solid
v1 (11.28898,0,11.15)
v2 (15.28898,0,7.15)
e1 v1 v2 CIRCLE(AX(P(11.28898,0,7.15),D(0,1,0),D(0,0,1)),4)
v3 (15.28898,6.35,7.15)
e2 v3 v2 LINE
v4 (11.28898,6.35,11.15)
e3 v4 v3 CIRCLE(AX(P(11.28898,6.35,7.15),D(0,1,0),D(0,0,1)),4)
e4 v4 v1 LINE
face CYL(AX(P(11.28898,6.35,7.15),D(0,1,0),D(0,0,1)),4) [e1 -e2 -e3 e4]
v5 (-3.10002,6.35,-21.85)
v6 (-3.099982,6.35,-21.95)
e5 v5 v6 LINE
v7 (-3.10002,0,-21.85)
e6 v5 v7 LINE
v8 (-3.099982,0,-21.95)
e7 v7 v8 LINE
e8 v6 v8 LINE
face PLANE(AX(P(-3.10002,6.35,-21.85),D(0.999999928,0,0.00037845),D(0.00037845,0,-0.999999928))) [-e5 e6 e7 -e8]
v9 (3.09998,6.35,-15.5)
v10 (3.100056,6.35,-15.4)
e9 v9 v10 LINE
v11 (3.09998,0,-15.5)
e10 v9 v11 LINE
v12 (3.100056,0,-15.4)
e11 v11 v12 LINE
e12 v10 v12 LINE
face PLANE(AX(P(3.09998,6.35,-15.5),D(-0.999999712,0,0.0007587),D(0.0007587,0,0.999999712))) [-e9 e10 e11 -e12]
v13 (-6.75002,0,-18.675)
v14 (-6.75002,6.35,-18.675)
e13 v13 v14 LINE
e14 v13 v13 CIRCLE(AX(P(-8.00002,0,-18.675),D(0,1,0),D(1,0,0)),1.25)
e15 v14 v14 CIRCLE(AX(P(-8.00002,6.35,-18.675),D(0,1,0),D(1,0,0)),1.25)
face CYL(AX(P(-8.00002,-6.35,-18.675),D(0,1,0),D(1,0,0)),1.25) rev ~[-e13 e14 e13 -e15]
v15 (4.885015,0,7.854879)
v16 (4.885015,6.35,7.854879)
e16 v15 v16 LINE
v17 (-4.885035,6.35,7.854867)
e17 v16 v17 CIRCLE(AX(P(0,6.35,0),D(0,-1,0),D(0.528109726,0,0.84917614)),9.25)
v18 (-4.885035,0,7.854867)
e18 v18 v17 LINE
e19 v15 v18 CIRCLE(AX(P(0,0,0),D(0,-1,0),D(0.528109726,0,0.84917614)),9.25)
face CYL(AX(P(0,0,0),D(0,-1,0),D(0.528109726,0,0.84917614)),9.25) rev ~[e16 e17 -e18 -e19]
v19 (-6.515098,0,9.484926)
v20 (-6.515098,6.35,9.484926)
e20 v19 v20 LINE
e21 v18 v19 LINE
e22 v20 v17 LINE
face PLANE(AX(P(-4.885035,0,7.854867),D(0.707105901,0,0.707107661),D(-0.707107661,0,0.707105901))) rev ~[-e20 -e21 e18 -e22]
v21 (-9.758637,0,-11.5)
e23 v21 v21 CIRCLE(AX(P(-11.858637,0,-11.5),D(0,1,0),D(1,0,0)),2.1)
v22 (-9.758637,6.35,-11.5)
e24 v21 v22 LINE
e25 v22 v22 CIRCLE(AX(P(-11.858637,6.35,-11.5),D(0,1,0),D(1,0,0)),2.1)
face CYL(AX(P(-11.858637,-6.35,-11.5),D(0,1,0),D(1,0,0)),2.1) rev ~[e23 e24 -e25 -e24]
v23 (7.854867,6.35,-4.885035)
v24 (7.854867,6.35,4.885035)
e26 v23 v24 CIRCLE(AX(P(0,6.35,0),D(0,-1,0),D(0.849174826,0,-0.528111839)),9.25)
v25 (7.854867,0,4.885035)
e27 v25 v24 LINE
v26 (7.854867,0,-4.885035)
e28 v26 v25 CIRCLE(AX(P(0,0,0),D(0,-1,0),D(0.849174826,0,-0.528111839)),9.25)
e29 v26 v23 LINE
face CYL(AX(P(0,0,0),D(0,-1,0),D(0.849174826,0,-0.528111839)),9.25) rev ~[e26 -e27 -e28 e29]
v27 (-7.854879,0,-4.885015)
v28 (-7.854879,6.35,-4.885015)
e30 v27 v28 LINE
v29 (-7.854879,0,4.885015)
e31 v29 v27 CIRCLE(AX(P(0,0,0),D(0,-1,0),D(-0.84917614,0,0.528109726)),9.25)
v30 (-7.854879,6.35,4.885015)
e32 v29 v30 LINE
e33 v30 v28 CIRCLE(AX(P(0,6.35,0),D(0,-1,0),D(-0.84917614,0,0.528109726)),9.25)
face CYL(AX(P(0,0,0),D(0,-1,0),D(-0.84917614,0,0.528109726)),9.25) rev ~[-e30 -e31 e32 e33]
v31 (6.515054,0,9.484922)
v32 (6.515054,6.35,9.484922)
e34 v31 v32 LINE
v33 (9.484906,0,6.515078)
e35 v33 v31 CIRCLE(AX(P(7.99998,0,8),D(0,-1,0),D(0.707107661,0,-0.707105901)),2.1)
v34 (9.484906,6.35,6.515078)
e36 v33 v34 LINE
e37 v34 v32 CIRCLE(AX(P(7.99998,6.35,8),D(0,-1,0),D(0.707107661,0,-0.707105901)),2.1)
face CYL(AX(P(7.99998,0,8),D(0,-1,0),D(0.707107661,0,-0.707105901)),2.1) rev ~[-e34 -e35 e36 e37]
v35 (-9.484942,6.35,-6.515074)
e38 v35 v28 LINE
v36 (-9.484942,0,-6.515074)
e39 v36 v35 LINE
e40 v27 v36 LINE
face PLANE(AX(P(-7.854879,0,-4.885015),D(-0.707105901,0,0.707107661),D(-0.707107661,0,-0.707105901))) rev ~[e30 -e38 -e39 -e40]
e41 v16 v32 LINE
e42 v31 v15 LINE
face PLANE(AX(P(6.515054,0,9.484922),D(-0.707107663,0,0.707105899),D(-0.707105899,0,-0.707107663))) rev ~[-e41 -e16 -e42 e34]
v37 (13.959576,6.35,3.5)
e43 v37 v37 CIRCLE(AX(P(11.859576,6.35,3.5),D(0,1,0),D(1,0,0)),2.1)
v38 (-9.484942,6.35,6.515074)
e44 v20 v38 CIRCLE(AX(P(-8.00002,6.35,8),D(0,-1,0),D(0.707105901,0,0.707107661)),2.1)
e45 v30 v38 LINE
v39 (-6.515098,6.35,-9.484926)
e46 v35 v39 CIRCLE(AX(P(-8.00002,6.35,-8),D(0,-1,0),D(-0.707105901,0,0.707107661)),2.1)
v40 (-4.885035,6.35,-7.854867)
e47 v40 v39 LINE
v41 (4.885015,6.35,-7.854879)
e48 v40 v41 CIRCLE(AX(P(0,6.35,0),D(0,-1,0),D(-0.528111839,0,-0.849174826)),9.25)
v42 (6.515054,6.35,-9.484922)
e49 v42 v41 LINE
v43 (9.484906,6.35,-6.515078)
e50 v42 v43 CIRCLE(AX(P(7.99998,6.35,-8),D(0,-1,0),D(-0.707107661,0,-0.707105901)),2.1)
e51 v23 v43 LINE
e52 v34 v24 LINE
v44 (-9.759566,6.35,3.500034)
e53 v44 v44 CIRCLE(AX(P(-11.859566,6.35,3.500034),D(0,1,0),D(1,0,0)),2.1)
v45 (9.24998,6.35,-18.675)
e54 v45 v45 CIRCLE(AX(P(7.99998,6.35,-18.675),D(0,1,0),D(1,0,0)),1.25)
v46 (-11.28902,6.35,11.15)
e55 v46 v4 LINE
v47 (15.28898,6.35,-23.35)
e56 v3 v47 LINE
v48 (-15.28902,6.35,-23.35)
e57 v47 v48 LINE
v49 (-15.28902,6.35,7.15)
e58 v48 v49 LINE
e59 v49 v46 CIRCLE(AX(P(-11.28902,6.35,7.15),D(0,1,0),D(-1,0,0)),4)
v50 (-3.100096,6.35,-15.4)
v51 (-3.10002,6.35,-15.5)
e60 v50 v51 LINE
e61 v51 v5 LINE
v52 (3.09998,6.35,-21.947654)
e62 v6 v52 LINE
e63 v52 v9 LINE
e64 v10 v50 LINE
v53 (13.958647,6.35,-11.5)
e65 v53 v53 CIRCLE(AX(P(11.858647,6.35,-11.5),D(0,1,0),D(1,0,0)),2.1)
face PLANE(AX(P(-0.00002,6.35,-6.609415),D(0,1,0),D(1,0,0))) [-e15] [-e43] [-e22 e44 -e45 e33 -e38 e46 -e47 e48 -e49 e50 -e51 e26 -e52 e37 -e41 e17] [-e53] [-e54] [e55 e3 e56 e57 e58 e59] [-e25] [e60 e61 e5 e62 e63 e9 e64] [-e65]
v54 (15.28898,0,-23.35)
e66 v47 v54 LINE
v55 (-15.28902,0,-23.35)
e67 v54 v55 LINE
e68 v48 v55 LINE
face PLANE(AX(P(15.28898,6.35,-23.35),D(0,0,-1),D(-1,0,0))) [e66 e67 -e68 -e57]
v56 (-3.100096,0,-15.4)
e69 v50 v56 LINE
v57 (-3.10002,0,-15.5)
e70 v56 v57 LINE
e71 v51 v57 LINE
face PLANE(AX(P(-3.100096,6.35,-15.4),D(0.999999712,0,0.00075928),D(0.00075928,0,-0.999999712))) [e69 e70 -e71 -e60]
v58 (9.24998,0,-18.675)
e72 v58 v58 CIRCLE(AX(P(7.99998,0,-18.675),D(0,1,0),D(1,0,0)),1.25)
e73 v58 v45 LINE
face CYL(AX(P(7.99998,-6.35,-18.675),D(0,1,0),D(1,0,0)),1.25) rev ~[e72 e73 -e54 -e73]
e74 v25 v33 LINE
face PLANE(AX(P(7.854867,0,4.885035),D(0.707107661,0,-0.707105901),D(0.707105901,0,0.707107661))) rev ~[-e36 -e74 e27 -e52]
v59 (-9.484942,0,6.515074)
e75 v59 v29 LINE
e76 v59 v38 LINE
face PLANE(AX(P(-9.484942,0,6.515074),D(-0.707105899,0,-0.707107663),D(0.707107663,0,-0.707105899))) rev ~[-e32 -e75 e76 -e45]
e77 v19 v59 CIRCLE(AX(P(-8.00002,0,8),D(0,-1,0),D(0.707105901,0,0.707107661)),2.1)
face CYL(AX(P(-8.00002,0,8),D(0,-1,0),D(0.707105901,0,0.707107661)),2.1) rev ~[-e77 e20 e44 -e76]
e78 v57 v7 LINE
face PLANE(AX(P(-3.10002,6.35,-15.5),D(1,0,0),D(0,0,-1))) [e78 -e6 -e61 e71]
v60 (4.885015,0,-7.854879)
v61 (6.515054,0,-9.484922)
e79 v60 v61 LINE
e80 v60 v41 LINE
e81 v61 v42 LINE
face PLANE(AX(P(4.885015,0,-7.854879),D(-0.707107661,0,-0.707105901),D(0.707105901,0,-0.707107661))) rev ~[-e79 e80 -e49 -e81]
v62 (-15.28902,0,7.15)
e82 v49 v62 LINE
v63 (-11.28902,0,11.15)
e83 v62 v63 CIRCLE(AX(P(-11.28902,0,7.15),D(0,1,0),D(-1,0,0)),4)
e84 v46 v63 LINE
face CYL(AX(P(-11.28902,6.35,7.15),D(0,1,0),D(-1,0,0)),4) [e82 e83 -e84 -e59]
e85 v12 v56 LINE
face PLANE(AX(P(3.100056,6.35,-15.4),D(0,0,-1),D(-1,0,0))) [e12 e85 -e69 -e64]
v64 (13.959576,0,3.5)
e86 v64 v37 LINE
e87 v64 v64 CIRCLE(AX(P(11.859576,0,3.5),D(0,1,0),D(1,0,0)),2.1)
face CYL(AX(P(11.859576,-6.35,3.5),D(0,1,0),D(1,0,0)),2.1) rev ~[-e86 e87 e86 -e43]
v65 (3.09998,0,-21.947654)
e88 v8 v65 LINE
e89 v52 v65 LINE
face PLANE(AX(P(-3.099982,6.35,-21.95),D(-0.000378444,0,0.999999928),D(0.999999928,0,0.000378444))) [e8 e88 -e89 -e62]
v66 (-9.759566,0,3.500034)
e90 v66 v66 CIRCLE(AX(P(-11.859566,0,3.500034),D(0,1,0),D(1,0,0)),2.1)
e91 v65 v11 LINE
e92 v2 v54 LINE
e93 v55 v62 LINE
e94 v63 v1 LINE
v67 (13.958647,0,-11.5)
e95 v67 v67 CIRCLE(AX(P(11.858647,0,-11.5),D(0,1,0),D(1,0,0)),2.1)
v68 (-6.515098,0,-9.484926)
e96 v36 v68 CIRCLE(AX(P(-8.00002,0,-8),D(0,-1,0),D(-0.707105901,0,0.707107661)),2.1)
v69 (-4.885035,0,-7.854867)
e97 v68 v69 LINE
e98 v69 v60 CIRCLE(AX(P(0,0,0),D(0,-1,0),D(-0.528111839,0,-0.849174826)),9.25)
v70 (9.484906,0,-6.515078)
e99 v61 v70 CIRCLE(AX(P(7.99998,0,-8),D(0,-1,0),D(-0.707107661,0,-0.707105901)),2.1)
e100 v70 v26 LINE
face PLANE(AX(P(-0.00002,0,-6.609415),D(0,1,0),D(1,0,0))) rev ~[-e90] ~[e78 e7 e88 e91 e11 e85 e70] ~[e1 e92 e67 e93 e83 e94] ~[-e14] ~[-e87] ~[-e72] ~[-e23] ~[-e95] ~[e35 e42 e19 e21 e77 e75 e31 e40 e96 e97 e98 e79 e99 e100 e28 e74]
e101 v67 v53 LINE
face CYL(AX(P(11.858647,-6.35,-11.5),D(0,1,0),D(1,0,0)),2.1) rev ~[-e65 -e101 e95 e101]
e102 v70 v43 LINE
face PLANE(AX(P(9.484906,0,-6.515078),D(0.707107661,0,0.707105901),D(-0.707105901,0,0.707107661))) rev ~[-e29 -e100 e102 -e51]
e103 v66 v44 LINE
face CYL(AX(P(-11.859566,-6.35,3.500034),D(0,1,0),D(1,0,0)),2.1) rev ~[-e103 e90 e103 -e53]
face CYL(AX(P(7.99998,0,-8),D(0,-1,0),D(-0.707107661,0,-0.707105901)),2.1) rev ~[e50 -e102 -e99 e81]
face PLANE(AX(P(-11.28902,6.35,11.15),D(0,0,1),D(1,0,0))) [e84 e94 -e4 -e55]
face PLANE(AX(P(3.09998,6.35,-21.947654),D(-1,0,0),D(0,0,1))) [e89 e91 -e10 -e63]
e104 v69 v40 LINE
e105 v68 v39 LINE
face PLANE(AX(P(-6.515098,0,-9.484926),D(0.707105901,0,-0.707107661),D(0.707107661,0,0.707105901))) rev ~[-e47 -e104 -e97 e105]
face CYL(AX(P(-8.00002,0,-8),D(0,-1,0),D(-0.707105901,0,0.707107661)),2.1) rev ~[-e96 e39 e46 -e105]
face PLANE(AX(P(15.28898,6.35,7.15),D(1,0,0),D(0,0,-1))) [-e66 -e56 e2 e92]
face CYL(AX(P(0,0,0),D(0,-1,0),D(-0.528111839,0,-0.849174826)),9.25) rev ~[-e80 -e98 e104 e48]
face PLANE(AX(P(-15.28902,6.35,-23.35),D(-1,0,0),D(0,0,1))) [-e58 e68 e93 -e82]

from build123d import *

# Parameters (mm, degrees)
BOSS_EXTRUDE1_DEPTH            = 6.35
CUT_EXTRUDE1_DEPTH             = 7.35
F_2_5_2_5_DIAMETER_HOLE1_D     = 2.5
F_2_5_2_5_DIAMETER_HOLE1_DEPTH = 6.35
F_2_5_2_5_DIAMETER_HOLE2_D     = 2.5
F_2_5_2_5_DIAMETER_HOLE2_DEPTH = 6.35
F_4_2_4_2_DIAMETER_HOLE1_D     = 4.2
F_4_2_4_2_DIAMETER_HOLE1_DEPTH = 6.35
F_4_2_4_2_DIAMETER_HOLE2_D     = 4.2
F_4_2_4_2_DIAMETER_HOLE2_DEPTH = 6.35
F_4_2_4_2_DIAMETER_HOLE3_D     = 4.2
F_4_2_4_2_DIAMETER_HOLE3_DEPTH = 6.35
F_4_2_4_2_DIAMETER_HOLE4_D     = 4.2
F_4_2_4_2_DIAMETER_HOLE4_DEPTH = 6.35


with BuildPart() as part:
    # Sketch1 → Boss-Extrude1 (new body)
    with BuildSketch(Plane(origin=(0, 6.35, 0), x_dir=(1, 0, 0), z_dir=(0, 1, 0))):
        with BuildLine():
            Line((-15.289019905, 23.35), (-15.289019905, -7.15))
            ThreePointArc((-15.289019905, -7.15), (-14.11744703, -9.978427125), (-11.289019905, -11.15))
            Line((-11.289019905, -11.15), (11.288980095, -11.15))
            ThreePointArc((11.288980095, -11.15), (14.11740722, -9.978427125), (15.288980095, -7.15))
            Line((15.288980095, -7.15), (15.288980095, 23.35))
            Line((15.288980095, 23.35), (-15.289019905, 23.35))
        make_face()
        Polygon((-3.100095833, 15.4), (-3.100019905, 15.499999999), (-3.100019905, 21.85), (-3.09998206, 21.949999993), (3.099980095, 21.947653655), (3.099980095, 15.500000006), (3.100055965, 15.4), align=None, mode=Mode.SUBTRACT)
    extrude(amount=-BOSS_EXTRUDE1_DEPTH)

    # Sketch2 → Cut-Extrude1 (cut, through all)
    with BuildSketch(Plane.XZ):
        with BuildLine():
            Line((4.885014967, -7.854879297), (6.515054007, -9.484922393))
            ThreePointArc((6.515054007, -9.484922393), (9.484902488, -9.484926088), (9.484906183, -6.515077607))
            Line((9.484906183, -6.515077607), (7.854867143, -4.885034511))
            ThreePointArc((7.854867143, -4.885034511), (9.25, 0), (7.854867143, 4.885034511))
            Line((7.854867143, 4.885034511), (9.484906183, 6.515077607))
            ThreePointArc((9.484906183, 6.515077607), (9.484902486, 9.484926095), (6.515053997, 9.484922394))
            Line((6.515053997, 9.484922394), (4.885014967, 7.854879297))
            ThreePointArc((4.885014967, 7.854879297), (-1.1508e-05, 9.25), (-4.885034511, 7.854867143))
            Line((-4.885034511, 7.854867143), (-6.515097512, 9.484926088))
            ThreePointArc((-6.515097512, 9.484926088), (-9.484946, 9.484922391), (-9.484942299, 6.515073902))
            Line((-9.484942299, 6.515073902), (-7.854879297, 4.885014967))
            ThreePointArc((-7.854879297, 4.885014967), (-9.25, 0), (-7.854879297, -4.885014967))
            Line((-7.854879297, -4.885014967), (-9.484942298, -6.515073912))
            ThreePointArc((-9.484942298, -6.515073912), (-9.484945993, -9.484922393), (-6.515097512, -9.484926088))
            Line((-6.515097512, -9.484926088), (-4.885034511, -7.854867143))
            ThreePointArc((-4.885034511, -7.854867143), (-1.1508e-05, -9.25), (4.885014967, -7.854879297))
        make_face()
    extrude(amount=-CUT_EXTRUDE1_DEPTH, mode=Mode.SUBTRACT)

    # Ø2.5 (2.5) Diameter Hole1
    with Locations(Plane(origin=(0, 0, 0), x_dir=(-1, 0, 0), z_dir=(0, -1, 0))):
        with Locations((8.000019905, 18.675)):
            Hole(F_2_5_2_5_DIAMETER_HOLE1_D / 2, depth=F_2_5_2_5_DIAMETER_HOLE1_DEPTH)

    # Ø2.5 (2.5) Diameter Hole2
    with Locations(Plane(origin=(0, 0, 0), x_dir=(-1, 0, 0), z_dir=(0, -1, 0))):
        with Locations((-7.999980095, 18.675)):
            Hole(F_2_5_2_5_DIAMETER_HOLE2_D / 2, depth=F_2_5_2_5_DIAMETER_HOLE2_DEPTH)

    # Ø4.2 (4.2) Diameter Hole1
    with Locations(Plane(origin=(0, 0, 0), x_dir=(-1, 0, 0), z_dir=(0, -1, 0))):
        with Locations((-11.858647005, 11.5)):
            Hole(F_4_2_4_2_DIAMETER_HOLE1_D / 2, depth=F_4_2_4_2_DIAMETER_HOLE1_DEPTH)

    # Ø4.2 (4.2) Diameter Hole2
    with Locations(Plane(origin=(0, 0, 0), x_dir=(-1, 0, 0), z_dir=(0, -1, 0))):
        with Locations((11.858637076, 11.5)):
            Hole(F_4_2_4_2_DIAMETER_HOLE2_D / 2, depth=F_4_2_4_2_DIAMETER_HOLE2_DEPTH)

    # Ø4.2 (4.2) Diameter Hole3
    with Locations(Plane(origin=(0, 0, 0), x_dir=(-1, 0, 0), z_dir=(0, -1, 0))):
        with Locations((-11.859575542, -3.5)):
            Hole(F_4_2_4_2_DIAMETER_HOLE3_D / 2, depth=F_4_2_4_2_DIAMETER_HOLE3_DEPTH)

    # Ø4.2 (4.2) Diameter Hole4
    with Locations(Plane(origin=(0, 0, 0), x_dir=(-1, 0, 0), z_dir=(0, -1, 0))):
        with Locations((11.85956559, -3.500033723)):
            Hole(F_4_2_4_2_DIAMETER_HOLE4_D / 2, depth=F_4_2_4_2_DIAMETER_HOLE4_DEPTH)


solid = part.part
